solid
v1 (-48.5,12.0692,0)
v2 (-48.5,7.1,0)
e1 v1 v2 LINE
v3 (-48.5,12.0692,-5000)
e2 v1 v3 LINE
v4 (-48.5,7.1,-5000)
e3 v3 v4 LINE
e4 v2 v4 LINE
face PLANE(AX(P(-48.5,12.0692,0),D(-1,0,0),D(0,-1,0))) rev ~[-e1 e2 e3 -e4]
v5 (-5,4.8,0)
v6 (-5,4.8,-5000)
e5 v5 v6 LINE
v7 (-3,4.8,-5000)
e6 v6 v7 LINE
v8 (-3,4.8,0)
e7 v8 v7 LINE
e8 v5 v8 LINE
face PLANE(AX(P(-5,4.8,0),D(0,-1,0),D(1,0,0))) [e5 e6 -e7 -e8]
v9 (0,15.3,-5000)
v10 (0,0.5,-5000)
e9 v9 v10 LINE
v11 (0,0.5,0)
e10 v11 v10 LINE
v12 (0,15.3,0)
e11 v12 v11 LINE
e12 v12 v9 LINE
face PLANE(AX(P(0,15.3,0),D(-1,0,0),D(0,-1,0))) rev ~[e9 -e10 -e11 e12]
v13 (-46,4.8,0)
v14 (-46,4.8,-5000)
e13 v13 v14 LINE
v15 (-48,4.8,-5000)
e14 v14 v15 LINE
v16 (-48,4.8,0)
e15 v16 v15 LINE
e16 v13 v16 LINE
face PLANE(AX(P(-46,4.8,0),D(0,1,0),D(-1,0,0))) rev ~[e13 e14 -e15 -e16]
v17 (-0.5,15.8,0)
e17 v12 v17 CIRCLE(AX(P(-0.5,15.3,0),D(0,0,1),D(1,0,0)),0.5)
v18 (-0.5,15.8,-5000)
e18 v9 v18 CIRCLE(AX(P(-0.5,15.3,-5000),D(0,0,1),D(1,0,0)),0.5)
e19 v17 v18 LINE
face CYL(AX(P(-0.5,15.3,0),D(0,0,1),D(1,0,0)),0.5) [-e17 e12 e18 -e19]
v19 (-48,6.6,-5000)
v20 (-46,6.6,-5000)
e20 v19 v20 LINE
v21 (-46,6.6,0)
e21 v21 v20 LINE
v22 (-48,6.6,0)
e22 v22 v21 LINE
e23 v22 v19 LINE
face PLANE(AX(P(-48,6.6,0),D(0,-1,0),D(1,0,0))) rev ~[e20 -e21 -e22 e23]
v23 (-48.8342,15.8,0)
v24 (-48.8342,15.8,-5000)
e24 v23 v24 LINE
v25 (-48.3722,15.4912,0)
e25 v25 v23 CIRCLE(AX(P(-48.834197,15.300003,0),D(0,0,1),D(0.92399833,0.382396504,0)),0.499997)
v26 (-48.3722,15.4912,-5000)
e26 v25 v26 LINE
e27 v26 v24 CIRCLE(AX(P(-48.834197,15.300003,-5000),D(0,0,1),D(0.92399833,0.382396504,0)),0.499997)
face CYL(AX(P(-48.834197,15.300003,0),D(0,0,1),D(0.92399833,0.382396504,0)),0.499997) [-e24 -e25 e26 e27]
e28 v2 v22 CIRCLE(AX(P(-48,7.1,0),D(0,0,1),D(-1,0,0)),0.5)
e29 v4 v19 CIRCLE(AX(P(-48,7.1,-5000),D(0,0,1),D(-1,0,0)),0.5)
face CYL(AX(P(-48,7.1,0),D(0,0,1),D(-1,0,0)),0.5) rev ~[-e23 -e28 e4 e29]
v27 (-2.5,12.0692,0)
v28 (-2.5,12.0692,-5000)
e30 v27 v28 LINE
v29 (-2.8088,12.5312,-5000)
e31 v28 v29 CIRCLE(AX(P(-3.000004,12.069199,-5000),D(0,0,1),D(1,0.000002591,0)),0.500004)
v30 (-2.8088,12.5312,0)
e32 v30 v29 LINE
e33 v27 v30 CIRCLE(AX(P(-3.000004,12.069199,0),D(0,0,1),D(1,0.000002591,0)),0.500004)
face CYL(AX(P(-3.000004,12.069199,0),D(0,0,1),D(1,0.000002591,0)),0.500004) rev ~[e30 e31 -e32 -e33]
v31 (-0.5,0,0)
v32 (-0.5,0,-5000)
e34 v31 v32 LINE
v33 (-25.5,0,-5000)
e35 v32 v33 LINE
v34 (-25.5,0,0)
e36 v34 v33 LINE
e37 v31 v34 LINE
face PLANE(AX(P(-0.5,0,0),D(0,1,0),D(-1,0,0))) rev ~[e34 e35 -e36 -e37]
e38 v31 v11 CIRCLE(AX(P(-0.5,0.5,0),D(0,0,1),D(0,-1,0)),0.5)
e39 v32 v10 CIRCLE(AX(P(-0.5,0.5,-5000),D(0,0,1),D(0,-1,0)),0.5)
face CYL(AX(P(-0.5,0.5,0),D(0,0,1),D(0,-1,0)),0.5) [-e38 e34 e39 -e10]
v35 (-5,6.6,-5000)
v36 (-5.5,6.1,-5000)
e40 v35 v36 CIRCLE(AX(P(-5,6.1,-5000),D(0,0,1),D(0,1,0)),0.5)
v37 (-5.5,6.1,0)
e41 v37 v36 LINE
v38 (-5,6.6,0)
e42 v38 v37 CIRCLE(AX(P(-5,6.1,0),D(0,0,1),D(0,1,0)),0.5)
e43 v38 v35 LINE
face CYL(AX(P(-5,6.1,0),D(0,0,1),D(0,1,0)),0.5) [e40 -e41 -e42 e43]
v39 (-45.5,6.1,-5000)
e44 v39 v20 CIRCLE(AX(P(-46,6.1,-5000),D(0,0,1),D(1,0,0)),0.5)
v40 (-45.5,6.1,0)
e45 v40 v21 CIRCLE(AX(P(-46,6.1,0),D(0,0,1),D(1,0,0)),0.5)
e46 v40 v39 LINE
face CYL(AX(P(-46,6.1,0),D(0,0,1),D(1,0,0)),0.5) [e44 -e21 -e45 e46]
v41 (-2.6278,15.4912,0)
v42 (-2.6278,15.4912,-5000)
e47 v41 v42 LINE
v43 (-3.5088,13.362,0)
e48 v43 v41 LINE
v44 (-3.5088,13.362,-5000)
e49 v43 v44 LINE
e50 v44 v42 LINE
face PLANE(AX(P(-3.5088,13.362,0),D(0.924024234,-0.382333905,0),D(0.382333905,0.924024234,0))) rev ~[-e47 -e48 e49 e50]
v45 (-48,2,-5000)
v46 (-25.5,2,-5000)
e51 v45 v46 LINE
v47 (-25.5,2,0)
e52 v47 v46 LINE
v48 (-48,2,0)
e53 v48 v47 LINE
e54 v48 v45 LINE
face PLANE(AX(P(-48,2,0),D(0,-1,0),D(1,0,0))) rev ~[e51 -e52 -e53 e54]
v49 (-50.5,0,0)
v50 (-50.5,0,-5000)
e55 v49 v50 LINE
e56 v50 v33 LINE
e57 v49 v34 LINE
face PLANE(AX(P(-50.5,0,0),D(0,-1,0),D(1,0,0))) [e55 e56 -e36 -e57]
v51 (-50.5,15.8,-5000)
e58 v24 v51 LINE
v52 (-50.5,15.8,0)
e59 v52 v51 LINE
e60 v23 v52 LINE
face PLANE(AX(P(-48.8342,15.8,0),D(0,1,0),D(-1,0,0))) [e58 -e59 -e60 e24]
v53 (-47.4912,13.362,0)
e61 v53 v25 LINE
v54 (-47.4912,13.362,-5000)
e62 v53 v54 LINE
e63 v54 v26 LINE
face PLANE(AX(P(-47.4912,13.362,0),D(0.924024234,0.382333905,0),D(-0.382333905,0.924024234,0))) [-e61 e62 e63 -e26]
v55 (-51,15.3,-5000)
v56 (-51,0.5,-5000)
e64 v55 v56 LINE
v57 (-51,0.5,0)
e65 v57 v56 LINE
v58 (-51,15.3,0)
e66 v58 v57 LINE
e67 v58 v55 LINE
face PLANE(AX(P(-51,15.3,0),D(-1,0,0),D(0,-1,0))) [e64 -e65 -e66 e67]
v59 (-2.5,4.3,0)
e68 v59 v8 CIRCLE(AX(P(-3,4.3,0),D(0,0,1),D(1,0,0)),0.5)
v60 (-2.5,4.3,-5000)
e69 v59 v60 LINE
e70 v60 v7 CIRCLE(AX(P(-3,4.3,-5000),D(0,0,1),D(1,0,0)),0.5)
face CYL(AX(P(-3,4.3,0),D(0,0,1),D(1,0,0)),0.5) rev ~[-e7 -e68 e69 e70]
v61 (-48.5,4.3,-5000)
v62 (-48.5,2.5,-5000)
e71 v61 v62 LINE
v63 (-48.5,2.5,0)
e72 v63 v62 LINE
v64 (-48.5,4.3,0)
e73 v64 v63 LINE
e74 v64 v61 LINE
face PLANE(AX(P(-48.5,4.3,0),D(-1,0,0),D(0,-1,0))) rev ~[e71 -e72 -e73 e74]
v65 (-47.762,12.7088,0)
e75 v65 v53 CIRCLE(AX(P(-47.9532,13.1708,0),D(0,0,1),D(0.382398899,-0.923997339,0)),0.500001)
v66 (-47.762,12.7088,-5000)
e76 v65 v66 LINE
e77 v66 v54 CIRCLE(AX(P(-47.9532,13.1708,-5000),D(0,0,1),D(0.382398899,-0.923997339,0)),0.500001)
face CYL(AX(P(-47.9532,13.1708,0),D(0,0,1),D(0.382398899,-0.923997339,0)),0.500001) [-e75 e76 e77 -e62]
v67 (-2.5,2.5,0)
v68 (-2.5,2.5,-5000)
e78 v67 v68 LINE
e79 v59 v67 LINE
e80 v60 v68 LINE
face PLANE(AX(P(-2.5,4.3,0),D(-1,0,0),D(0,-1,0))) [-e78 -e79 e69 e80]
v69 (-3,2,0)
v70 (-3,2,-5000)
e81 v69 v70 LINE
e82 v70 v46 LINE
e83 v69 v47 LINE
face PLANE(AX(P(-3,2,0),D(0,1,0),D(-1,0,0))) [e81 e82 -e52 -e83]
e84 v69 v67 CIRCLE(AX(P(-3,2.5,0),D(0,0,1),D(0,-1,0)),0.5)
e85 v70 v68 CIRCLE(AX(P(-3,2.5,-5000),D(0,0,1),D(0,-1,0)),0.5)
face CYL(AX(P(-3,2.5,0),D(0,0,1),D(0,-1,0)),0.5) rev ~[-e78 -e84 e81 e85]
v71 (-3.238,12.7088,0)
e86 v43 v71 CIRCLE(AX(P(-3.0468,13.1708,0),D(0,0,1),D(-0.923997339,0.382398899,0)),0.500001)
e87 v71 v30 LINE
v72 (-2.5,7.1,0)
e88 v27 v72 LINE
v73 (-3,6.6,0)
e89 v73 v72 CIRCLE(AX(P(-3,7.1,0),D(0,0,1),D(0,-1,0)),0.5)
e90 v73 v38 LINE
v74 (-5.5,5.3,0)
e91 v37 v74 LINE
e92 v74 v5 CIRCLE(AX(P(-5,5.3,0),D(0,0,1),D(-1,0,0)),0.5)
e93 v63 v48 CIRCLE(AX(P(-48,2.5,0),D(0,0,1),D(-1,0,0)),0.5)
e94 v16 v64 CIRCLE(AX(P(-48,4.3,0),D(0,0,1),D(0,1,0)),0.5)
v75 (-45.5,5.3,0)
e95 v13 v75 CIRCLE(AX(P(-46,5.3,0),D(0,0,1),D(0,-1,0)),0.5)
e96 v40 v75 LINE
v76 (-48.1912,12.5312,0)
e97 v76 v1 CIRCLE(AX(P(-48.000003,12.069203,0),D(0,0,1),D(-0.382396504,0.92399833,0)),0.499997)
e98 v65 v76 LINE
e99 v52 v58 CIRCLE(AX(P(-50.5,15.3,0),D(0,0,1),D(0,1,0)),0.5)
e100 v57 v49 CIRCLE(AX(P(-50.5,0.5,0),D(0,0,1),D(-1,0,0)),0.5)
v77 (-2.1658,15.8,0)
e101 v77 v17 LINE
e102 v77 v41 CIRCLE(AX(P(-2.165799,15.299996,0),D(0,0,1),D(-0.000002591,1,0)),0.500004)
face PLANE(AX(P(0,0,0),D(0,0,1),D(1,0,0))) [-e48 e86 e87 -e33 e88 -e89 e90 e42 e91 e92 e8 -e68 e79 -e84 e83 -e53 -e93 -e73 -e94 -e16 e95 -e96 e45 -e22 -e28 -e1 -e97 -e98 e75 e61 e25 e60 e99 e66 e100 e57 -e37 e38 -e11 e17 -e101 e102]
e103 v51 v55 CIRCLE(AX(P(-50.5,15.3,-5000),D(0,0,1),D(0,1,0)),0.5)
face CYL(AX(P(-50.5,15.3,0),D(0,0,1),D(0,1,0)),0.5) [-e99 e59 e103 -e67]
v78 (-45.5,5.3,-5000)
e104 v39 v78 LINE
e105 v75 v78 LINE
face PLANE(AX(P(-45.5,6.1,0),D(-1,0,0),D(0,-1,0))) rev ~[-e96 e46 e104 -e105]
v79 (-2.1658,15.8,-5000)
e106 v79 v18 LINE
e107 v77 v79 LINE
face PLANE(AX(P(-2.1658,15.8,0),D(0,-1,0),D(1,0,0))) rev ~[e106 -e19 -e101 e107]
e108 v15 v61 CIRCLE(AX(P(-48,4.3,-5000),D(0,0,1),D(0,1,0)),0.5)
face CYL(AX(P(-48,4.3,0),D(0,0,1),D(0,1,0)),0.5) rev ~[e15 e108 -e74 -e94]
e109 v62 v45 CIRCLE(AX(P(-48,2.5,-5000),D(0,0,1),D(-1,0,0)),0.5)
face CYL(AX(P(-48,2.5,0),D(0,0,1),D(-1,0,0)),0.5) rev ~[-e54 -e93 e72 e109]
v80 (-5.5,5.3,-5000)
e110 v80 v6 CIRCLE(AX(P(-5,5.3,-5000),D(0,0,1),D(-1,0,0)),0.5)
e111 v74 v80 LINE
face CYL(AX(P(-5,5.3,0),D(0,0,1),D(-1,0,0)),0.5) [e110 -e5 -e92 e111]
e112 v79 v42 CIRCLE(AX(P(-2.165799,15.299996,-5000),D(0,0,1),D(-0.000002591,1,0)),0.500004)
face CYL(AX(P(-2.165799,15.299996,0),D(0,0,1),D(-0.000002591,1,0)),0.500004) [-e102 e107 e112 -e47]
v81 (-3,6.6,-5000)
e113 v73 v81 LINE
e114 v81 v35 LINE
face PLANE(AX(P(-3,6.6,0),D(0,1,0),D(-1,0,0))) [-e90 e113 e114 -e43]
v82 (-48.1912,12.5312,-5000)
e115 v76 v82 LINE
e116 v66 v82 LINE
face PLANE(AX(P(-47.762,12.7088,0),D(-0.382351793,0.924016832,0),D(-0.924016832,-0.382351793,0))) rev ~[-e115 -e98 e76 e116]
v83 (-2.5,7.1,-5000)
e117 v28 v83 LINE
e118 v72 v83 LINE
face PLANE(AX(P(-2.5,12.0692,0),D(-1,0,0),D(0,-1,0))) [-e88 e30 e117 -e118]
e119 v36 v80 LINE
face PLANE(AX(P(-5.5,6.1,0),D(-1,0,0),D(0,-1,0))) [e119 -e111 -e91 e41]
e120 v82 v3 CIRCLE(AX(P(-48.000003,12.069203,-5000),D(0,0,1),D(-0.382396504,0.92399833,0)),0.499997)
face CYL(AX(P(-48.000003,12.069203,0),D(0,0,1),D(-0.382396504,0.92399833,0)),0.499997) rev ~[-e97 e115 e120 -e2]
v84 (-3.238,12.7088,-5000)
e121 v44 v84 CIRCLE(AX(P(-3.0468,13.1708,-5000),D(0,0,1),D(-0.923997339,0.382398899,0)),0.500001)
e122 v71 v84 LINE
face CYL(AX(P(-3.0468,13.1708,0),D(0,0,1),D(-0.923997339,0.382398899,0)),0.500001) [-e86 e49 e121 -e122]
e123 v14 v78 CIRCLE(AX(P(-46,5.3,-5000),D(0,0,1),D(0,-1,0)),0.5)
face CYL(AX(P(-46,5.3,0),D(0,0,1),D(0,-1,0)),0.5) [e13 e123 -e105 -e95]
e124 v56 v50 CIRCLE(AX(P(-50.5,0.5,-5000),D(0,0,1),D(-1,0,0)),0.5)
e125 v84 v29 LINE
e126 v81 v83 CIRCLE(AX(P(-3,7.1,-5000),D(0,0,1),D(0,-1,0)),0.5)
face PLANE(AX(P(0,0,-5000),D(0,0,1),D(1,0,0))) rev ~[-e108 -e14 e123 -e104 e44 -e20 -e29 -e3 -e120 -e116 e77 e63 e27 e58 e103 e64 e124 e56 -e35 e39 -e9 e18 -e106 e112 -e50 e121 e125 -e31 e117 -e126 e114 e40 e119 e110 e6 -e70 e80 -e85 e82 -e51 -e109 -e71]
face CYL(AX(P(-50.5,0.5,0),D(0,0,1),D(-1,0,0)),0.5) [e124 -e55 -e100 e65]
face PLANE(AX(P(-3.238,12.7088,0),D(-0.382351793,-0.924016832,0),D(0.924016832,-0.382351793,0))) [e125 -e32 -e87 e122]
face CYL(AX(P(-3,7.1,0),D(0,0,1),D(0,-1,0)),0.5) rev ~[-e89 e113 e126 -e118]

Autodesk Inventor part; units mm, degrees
ref_plane "YZ Plane" through (0, 0, 0) normal (1, 0, 0) x (0, 1, 0)
ref_plane "XZ Plane" through (0, 0, 0) normal (0, 1, 0) x (-1, 0, 0)
ref_plane "XY Plane" through (0, 0, 0) normal (0, 0, 1) x (1, 0, 0)
sketch "Sketch1" plane through (0, 0, 0) normal (0, 0, 1) x (1, 0, 0)
  line L0 (-2.1658, 15.8) -> (-0.5, 15.8)
  line L1 (0, 15.3) -> (0, 0.5)
  line L2 (-0.5, 0) -> (-25.5, 0)
  line L3 (-3, 2) -> (-25.5, 2)
  line L4 (-25.5, 16.3194) -> (-25.5, -3.3837) construction
  line L5 (-3, 6.6) -> (-5, 6.6)
  line L6 (-5.5, 6.1) -> (-5.5, 5.3)
  line L7 (-5, 4.8) -> (-3, 4.8)
  line L8 (-2.5, 12.0692) -> (-2.5, 7.1)
  line L9 (-2.5, 4.3) -> (-2.5, 2.5)
  line L10 (-3.5088, 13.362) -> (-2.6278, 15.4912)
  line L11 (-3.238, 12.7088) -> (-2.8088, 12.5312)
  arc A0 (-5, 6.6) -> (-5.5, 6.1) centre (-5, 6.1) ccw
  arc A1 (-5.5, 5.3) -> (-5, 4.8) centre (-5, 5.3) ccw
  arc A2 (-2.5, 4.3) -> (-3, 4.8) centre (-3, 4.3) ccw
  arc A3 (-3, 2) -> (-2.5, 2.5) centre (-3, 2.5) ccw
  arc A4 (-0.5, 0) -> (0, 0.5) centre (-0.5, 0.5) ccw
  arc A5 (-3, 6.6) -> (-2.5, 7.1) centre (-3, 7.1) ccw
  arc A6 (-2.5, 12.0692) -> (-2.8088, 12.5312) centre (-3, 12.0692) ccw
  arc A7 (-3.5088, 13.362) -> (-3.238, 12.7088) centre (-3.0468, 13.1708) ccw
  arc A8 (-2.1658, 15.8) -> (-2.6278, 15.4912) centre (-2.1658, 15.3) ccw
  arc A9 (0, 15.3) -> (-0.5, 15.8) centre (-0.5, 15.3) ccw
  line L12 (-48.8342, 15.8) -> (-50.5, 15.8)
  line L13 (-51, 15.3) -> (-51, 0.5)
  line L14 (-50.5, 0) -> (-25.5, 0)
  line L15 (-48, 2) -> (-25.5, 2)
  line L16 (-48, 6.6) -> (-46, 6.6)
  line L17 (-45.5, 6.1) -> (-45.5, 5.3)
  line L18 (-46, 4.8) -> (-48, 4.8)
  line L19 (-48.5, 12.0692) -> (-48.5, 7.1)
  line L20 (-48.5, 4.3) -> (-48.5, 2.5)
  line L21 (-47.4912, 13.362) -> (-48.3722, 15.4912)
  line L22 (-47.762, 12.7088) -> (-48.1912, 12.5312)
  arc A10 (-45.5, 6.1) -> (-46, 6.6) centre (-46, 6.1) ccw
  arc A11 (-46, 4.8) -> (-45.5, 5.3) centre (-46, 5.3) ccw
  arc A12 (-48, 4.8) -> (-48.5, 4.3) centre (-48, 4.3) ccw
  arc A13 (-48.5, 2.5) -> (-48, 2) centre (-48, 2.5) ccw
  arc A14 (-51, 0.5) -> (-50.5, 0) centre (-50.5, 0.5) ccw
  arc A15 (-48.5, 7.1) -> (-48, 6.6) centre (-48, 7.1) ccw
  arc A16 (-48.1912, 12.5312) -> (-48.5, 12.0692) centre (-48, 12.0692) ccw
  arc A17 (-47.762, 12.7088) -> (-47.4912, 13.362) centre (-47.9532, 13.1708) ccw
  arc A18 (-48.3722, 15.4912) -> (-48.8342, 15.8) centre (-48.8342, 15.3) ccw
  arc A19 (-50.5, 15.8) -> (-51, 15.3) centre (-50.5, 15.3) ccw
  point P0 (0, 0)
  point P1 (0, 0)
  point P2 (-5.5, 4.8)
  point P3 (-2.5, 4.8)
  point P4 (-3.7, 12.9)
  point P5 (-2.5, 12.4034)
  point P6 (-51, 0)
  point P7 (-51, 0)
  point P8 (-45.5, 4.8)
  point P9 (-48.5, 4.8)
  point P10 (-47.3, 12.9)
  point P11 (-48.5, 12.4034)
  dimension "d2" = 2
  dimension "d7" = 25.5
  dimension "d10" = 1.8
  dimension "d12" = 15.8
  dimension "d13" = 2.5
  dimension "d14" = 3
  dimension "d15" = 6.3
  dimension "d17" = 1.2
  dimension "d18" = 1.2
  dimension "d19" = 0.5
extrude "Extrusion1" add sketch "Sketch1" against normal blind 5000
properties part number "HD - 403 PERFIL ALUMINIO - TRAVESAÑO HORIZONTAL"
